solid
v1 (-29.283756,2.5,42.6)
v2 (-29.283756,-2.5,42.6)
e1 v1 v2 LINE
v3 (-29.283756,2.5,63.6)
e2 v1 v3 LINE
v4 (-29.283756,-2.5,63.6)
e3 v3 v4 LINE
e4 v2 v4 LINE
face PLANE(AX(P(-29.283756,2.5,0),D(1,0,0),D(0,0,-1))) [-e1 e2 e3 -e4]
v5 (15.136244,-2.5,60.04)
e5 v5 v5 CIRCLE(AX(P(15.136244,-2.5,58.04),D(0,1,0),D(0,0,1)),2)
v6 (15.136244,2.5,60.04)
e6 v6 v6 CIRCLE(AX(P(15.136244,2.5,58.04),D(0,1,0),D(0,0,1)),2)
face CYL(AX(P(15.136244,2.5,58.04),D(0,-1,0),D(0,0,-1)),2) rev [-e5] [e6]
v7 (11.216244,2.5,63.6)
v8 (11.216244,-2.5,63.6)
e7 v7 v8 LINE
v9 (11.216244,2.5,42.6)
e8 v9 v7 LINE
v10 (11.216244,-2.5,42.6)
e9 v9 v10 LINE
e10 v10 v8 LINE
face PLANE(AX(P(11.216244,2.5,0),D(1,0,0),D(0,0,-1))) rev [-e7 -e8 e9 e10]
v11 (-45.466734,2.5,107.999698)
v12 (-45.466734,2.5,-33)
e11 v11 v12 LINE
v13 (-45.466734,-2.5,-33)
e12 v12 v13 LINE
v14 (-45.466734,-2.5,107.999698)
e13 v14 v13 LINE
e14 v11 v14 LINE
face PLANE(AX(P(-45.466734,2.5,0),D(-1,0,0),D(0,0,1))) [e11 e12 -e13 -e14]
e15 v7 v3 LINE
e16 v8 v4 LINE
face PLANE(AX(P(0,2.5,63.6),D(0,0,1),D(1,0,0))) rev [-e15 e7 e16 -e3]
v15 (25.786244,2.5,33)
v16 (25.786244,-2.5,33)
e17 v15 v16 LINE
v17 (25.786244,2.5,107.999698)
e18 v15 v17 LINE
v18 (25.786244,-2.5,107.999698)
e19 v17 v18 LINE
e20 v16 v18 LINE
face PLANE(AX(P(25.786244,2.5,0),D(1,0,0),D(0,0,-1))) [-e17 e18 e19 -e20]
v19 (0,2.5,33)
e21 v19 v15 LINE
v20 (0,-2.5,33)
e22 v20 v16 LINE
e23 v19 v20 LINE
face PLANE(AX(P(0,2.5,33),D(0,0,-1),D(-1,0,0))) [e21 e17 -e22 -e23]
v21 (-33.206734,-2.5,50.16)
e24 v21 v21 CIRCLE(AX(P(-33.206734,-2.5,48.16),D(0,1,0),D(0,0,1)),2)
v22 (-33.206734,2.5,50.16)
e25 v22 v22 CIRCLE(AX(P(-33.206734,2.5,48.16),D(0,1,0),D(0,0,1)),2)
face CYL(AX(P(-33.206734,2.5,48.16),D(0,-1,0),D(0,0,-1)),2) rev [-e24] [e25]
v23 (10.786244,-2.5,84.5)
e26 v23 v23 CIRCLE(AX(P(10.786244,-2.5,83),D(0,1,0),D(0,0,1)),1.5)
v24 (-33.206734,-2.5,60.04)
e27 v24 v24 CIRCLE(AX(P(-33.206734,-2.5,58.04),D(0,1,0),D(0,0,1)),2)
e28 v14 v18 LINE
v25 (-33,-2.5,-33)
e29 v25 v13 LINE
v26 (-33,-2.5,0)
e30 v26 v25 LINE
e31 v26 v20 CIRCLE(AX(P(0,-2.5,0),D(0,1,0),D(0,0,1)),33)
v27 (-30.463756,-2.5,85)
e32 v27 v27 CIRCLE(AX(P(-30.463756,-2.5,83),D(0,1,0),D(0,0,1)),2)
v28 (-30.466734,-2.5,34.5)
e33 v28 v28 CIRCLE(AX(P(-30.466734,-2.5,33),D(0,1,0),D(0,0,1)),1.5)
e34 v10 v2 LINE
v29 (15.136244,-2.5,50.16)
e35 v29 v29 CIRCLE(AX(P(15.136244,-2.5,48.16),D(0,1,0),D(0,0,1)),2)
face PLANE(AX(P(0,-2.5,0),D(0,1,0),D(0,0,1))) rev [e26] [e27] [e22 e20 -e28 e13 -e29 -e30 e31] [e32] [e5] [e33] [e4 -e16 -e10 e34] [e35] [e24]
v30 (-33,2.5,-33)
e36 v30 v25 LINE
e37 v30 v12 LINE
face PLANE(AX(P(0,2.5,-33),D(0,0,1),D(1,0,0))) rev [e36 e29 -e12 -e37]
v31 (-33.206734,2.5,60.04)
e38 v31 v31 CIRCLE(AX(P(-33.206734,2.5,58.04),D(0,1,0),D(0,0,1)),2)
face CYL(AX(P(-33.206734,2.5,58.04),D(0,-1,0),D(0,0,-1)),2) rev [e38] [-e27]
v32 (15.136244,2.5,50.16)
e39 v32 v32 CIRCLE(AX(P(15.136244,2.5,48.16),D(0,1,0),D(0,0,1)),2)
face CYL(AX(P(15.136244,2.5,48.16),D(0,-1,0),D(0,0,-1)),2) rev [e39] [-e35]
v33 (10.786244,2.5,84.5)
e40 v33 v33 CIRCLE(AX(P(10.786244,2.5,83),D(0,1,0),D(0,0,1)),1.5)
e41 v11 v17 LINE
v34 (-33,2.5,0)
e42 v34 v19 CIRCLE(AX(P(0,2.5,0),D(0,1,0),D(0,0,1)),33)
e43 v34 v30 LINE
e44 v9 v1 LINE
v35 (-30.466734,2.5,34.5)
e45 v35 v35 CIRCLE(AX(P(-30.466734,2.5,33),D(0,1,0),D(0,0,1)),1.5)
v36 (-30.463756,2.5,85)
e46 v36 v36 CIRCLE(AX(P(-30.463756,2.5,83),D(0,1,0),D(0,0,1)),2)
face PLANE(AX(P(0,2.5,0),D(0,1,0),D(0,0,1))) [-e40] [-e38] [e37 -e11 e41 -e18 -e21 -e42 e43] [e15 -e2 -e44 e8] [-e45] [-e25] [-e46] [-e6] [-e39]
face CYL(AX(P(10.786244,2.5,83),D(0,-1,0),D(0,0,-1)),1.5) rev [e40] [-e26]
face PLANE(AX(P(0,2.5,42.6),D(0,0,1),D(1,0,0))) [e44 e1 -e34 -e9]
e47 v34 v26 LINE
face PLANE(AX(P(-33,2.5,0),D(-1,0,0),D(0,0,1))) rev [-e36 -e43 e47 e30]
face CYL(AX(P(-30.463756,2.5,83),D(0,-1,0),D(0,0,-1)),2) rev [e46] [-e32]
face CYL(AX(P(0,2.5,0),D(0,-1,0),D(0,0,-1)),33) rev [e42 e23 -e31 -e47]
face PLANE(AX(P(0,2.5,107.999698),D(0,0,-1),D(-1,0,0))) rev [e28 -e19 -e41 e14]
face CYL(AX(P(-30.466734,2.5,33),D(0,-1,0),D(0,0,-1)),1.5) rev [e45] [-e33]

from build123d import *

# Parameters (mm, degrees)
SKETCH1_W           = 7.069644311
SKETCH1_H           = 9.6
SKETCH1_R           = 2
SKETCH1_R_2         = 1.5
BOSS_EXTRUDE1_DEPTH = 2.5


with BuildPart() as part:
    # Sketch1 → Boss-Extrude1 (new, symmetric)
    # profile 1 of 9: a face of its own
    with BuildSketch(Plane(origin=(0, 0, 0), x_dir=(1, 0, 0), z_dir=(0, 1, 0))):
        with BuildLine():
            ThreePointArc((-45.466733516, 15.387532074), (-41.115924877, 24.768542983), (-34.856850116, 33))
            Line((-34.856850116, 33), (-45.466733516, 33))
            Line((-45.466733516, 33), (-45.466733516, 15.387532074))
        make_face()
    # profile 2 of 9: a face of its own
    with BuildSketch(Plane(origin=(0, 0, 0), x_dir=(1, 0, 0), z_dir=(0, 1, 0))):
        with BuildLine():
            Line((-33, 33), (-34.856850116, 33))
            ThreePointArc((-34.856850116, 33), (-41.115924877, 24.768542983), (-45.466733516, 15.387532074))
            Line((-45.466733516, 15.387532074), (-45.466733516, 13.267794591))
            Line((-45.466733516, 13.267794591), (-33, 13.267794591))
            Line((-33, 13.267794591), (-33, 33))
        make_face()
    # profile 3 of 9: a face of its own
    with BuildSketch(Plane(origin=(0, 0, 0), x_dir=(1, 0, 0), z_dir=(0, 1, 0))):
        with BuildLine():
            Line((-33, 0), (-33, 13.267794591))
            Line((-33, 13.267794591), (-45.466733516, 13.267794591))
            Line((-45.466733516, 13.267794591), (-45.466733516, -15.387532074))
            ThreePointArc((-45.466733516, -15.387532074), (-41.115924877, -24.768542983), (-34.856850116, -33))
            Line((-34.856850116, -33), (-31.966733516, -33))
            ThreePointArc((-31.966733516, -33), (-30.466733516, -31.5), (-28.966733516, -33))
            Line((-28.966733516, -33), (0, -33))
            ThreePointArc((0, -33), (-23.334523779, -23.334523779), (-33, 0))
        make_face()
    # profile 4 of 9: a face of its own
    with BuildSketch(Plane(origin=(0, 0, 0), x_dir=(1, 0, 0), z_dir=(0, 1, 0))):
        with BuildLine():
            Line((-34.856850116, -33), (-45.466733516, -33))
            Line((-45.466733516, -33), (-45.466733516, -47.472549547))
            Line((-45.466733516, -47.472549547), (-35.084874053, -47.472549547))
            ThreePointArc((-35.084874053, -47.472549547), (-33.206733516, -46.16), (-31.32859298, -47.472549547))
            Line((-31.32859298, -47.472549547), (-29.283755862, -47.472549547))
            Line((-29.283755862, -47.472549547), (-29.283755862, -42.6))
            Line((-29.283755862, -42.6), (-22.118770309, -42.6))
            ThreePointArc((-22.118770309, -42.6), (-28.889363626, -38.332814523), (-34.856850116, -33))
        make_face()
    # profile 5 of 9: a face of its own
    with BuildSketch(Plane(origin=(0, 0, 0), x_dir=(1, 0, 0), z_dir=(0, 1, 0))):
        with BuildLine():
            ThreePointArc((-34.856850116, -33), (-41.115924877, -24.768542983), (-45.466733516, -15.387532074))
            Line((-45.466733516, -15.387532074), (-45.466733516, -33))
            Line((-45.466733516, -33), (-34.856850116, -33))
        make_face()
    # profile 6 of 9: a face of its own
    with BuildSketch(Plane(origin=(0, 0, 0), x_dir=(1, 0, 0), z_dir=(0, 1, 0))):
        with BuildLine():
            Line((0, -42.6), (0, -33))
            Line((0, -33), (-28.966733516, -33))
            ThreePointArc((-28.966733516, -33), (-30.466733516, -34.5), (-31.966733516, -33))
            Line((-31.966733516, -33), (-34.856850116, -33))
            ThreePointArc((-34.856850116, -33), (-28.889363626, -38.332814523), (-22.118770309, -42.6))
            Line((-22.118770309, -42.6), (0, -42.6))
        make_face()
    # profile 7 of 9: a face of its own
    with BuildSketch(Plane(origin=(0, 0, 0), x_dir=(1, 0, 0), z_dir=(0, 1, 0))):
        with Locations((3.534822156, -37.8)):
            Rectangle(SKETCH1_W, SKETCH1_H)
    # profile 8 of 9: a face of its own
    with BuildSketch(Plane(origin=(0, 0, 0), x_dir=(1, 0, 0), z_dir=(0, 1, 0))):
        with BuildLine():
            ThreePointArc((11.216244138, -46.671145984), (18.757980211, -44.183007802), (25.786244138, -40.485424701))
            Line((25.786244138, -40.485424701), (25.786244138, -33))
            Line((25.786244138, -33), (7.069644311, -33))
            Line((7.069644311, -33), (7.069644311, -42.6))
            Line((7.069644311, -42.6), (11.216244138, -42.6))
            Line((11.216244138, -42.6), (11.216244138, -46.671145984))
        make_face()
    # profile 9 of 9: a face of its own
    with BuildSketch(Plane(origin=(0, 0, 0), x_dir=(1, 0, 0), z_dir=(0, 1, 0))):
        with BuildLine():
            Line((25.786244138, -107.999697871), (25.786244138, -40.485424701))
            ThreePointArc((25.786244138, -40.485424701), (18.757980211, -44.183007802), (11.216244138, -46.671145984))
            Line((11.216244138, -46.671145984), (11.216244138, -63.6))
            Line((11.216244138, -63.6), (-29.283755862, -63.6))
            Line((-29.283755862, -63.6), (-29.283755862, -47.472549547))
            Line((-29.283755862, -47.472549547), (-31.32859298, -47.472549547))
            ThreePointArc((-31.32859298, -47.472549547), (-31.237434013, -47.810916251), (-31.206733516, -48.16))
            ThreePointArc((-31.206733516, -48.16), (-33.555817265, -50.129299504), (-35.084874053, -47.472549547))
            Line((-35.084874053, -47.472549547), (-45.466733516, -47.472549547))
            Line((-45.466733516, -47.472549547), (-45.466733516, -107.999697871))
            Line((-45.466733516, -107.999697871), (25.786244138, -107.999697871))
        make_face()
        with Locations(Location((-30.463755862, -83, 0), (0, 0, 270))):
            Circle(SKETCH1_R, mode=Mode.SUBTRACT)
        with Locations(Location((-33.206733516, -58.04, 0), (0, 0, 270))):
            Circle(SKETCH1_R, mode=Mode.SUBTRACT)
        with Locations(Location((10.786244138, -83, 0), (0, 0, 270))):
            Circle(SKETCH1_R_2, mode=Mode.SUBTRACT)
        with Locations(Location((15.136244138, -58.04, 0), (0, 0, 270))):
            Circle(SKETCH1_R, mode=Mode.SUBTRACT)
        with Locations(Location((15.136244138, -48.16, 0), (0, 0, 270))):
            Circle(SKETCH1_R, mode=Mode.SUBTRACT)
    extrude(amount=BOSS_EXTRUDE1_DEPTH, both=True)


solid = part.part
